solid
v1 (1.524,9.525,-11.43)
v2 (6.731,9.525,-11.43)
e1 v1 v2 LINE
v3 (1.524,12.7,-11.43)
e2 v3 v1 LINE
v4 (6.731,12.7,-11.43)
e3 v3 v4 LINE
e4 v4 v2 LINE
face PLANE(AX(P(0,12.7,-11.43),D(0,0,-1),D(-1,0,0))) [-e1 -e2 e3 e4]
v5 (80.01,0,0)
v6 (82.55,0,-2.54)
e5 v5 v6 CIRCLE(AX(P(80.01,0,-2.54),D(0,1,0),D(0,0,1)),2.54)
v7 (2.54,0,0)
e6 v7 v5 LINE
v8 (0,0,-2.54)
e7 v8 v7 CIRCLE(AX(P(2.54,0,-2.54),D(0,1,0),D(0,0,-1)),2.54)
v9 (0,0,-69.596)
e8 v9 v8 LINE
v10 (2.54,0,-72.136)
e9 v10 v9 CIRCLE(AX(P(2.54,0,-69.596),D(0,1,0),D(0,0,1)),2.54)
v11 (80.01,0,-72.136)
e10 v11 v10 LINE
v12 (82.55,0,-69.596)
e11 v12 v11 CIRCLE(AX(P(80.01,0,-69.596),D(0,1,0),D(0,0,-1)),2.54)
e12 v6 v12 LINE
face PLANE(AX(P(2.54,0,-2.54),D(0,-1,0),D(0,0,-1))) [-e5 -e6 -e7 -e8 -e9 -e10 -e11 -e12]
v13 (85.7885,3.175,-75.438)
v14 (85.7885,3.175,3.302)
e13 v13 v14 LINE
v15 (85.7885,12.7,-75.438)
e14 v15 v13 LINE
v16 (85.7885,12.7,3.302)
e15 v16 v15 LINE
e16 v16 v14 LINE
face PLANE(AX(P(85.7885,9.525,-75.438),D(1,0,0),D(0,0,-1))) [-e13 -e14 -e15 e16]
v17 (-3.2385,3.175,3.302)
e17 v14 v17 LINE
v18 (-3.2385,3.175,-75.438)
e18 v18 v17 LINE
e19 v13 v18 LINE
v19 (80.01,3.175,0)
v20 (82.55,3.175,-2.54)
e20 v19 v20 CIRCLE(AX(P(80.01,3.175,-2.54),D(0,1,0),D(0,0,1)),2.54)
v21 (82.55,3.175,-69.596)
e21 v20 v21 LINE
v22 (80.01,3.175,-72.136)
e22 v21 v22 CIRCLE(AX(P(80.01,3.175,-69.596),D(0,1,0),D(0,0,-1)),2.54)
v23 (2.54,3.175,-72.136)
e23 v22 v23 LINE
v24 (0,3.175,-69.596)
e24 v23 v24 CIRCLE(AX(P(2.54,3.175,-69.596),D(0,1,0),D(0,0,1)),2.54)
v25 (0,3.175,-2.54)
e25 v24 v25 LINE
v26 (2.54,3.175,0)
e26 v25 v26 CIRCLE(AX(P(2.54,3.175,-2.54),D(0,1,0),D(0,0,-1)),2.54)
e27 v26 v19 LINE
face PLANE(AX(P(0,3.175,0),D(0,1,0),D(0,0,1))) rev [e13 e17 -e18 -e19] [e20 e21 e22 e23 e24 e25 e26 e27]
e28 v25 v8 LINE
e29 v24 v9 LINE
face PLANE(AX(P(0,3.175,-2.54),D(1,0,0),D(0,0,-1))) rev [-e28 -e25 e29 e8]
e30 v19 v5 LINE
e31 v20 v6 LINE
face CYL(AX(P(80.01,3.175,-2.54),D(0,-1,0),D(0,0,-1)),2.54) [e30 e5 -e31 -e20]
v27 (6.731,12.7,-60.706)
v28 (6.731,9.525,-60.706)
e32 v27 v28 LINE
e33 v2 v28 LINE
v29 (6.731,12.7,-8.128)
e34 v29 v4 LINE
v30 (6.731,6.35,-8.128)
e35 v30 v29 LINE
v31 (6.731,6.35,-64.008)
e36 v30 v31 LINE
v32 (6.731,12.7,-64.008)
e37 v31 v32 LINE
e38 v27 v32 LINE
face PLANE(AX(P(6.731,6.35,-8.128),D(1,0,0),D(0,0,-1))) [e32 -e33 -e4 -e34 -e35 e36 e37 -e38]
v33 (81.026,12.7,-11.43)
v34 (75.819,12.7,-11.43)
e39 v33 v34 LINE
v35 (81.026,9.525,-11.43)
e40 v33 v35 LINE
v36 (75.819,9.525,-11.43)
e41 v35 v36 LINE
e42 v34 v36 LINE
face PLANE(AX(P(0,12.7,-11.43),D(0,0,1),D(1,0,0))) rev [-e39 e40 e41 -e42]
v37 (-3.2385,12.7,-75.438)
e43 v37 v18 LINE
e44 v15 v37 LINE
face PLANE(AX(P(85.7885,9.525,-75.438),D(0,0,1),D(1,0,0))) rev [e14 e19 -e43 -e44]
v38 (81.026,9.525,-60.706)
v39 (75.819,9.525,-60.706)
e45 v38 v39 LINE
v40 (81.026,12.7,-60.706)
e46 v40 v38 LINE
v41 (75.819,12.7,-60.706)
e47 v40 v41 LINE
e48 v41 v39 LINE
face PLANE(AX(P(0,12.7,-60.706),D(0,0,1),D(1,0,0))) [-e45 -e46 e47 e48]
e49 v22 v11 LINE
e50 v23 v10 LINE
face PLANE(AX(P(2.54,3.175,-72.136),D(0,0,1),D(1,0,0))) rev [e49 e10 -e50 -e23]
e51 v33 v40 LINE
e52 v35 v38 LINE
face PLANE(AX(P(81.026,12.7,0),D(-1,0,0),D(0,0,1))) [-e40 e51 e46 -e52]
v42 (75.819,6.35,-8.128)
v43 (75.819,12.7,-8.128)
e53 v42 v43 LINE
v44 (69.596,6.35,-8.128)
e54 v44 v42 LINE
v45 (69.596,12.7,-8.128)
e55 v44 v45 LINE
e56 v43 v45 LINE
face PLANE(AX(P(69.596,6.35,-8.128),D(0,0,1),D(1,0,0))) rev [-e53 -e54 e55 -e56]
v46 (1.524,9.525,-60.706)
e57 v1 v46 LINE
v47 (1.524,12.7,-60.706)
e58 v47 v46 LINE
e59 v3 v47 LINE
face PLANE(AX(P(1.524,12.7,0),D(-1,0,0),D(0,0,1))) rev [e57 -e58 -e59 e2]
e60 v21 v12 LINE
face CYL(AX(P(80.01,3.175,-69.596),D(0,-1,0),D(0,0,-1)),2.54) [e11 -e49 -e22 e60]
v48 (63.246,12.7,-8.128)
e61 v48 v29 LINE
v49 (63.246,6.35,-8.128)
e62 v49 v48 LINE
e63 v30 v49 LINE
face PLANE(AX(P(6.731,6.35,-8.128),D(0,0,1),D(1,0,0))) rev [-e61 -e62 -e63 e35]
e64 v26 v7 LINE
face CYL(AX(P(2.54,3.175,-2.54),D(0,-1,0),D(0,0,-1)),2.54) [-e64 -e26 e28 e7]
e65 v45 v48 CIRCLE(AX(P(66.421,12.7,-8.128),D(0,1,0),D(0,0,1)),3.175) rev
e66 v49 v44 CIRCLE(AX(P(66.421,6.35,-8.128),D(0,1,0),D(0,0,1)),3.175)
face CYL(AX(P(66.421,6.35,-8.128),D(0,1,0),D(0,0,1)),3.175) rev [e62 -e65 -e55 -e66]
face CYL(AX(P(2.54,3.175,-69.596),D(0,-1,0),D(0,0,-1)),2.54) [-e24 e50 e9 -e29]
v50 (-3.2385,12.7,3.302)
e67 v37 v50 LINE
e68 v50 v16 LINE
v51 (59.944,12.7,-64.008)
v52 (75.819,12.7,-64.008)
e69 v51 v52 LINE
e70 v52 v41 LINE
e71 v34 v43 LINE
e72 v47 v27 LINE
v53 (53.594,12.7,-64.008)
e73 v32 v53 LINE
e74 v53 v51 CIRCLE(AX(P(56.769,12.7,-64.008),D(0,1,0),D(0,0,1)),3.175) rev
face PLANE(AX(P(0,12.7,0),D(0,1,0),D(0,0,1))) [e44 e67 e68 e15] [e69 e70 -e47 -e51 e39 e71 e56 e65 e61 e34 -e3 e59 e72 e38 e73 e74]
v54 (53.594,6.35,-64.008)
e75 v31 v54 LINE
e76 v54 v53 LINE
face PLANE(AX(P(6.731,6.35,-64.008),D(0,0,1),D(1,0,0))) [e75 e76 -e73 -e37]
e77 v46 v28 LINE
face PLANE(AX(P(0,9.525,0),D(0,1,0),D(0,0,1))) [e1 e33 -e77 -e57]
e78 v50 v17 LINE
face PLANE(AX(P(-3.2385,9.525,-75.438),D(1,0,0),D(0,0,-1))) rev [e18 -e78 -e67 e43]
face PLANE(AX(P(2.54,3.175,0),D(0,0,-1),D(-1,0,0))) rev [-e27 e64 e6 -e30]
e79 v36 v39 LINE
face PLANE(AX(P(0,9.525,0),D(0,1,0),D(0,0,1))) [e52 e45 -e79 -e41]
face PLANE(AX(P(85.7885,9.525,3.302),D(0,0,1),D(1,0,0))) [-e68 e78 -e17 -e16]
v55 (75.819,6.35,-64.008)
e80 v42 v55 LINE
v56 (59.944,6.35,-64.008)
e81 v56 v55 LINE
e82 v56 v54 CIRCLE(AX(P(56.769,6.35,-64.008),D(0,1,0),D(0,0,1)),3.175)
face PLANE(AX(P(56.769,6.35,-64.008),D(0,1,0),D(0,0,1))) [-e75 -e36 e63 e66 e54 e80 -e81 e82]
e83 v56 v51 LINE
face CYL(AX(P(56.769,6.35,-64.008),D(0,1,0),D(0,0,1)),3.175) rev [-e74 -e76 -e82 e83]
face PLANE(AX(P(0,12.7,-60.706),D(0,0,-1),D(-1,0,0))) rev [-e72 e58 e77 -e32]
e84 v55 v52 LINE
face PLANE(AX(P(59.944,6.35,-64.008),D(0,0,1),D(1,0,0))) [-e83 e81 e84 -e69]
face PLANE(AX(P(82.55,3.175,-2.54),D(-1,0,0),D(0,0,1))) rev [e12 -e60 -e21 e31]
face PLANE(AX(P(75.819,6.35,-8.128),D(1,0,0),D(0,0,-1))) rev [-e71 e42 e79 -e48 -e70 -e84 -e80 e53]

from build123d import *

# Parameters (mm, degrees)
BOSS_EXTRUDE1_DEPTH = 3.175
SKETCH2_W           = 89.027
SKETCH2_H           = 78.74
BOSS_EXTRUDE2_DEPTH = 6.35
CUT_EXTRUDE1_DEPTH  = 3.175
SKETCH4_W           = 89.027
SKETCH4_H           = 78.74
BOSS_EXTRUDE3_DEPTH = 3.175


with BuildPart() as part:
    # Sketch1 → Boss-Extrude1 (new body)
    with BuildSketch(Plane(origin=(0, 0, 0), x_dir=(1, 0, 0), z_dir=(0, 1, 0))):
        with BuildLine():
            Line((2.54, 0), (80.01, 0))
            ThreePointArc((80.01, 0), (81.806051224, 0.743948776), (82.55, 2.54))
            Line((82.55, 2.54), (82.55, 69.596))
            ThreePointArc((82.55, 69.596), (81.806051224, 71.392051224), (80.01, 72.136))
            Line((80.01, 72.136), (2.54, 72.136))
            ThreePointArc((2.54, 72.136), (0.743948776, 71.392051224), (0, 69.596))
            Line((0, 69.596), (0, 2.54))
            ThreePointArc((0, 2.54), (0.743948776, 0.743948776), (2.54, 0))
        make_face()
    extrude(amount=BOSS_EXTRUDE1_DEPTH)

    # Sketch2 → Boss-Extrude2 (add)
    with BuildSketch(Plane(origin=(0, 3.175, 0), x_dir=(1, 0, 0), z_dir=(0, 1, 0))):
        with Locations((41.275, 36.068)):
            Rectangle(SKETCH2_W, SKETCH2_H)
    extrude(amount=BOSS_EXTRUDE2_DEPTH)

    # Sketch3 → Cut-Extrude1 (cut)
    with BuildSketch(Plane(origin=(0, 9.525, 0), x_dir=(1, 0, 0), z_dir=(0, 1, 0))):
        with BuildLine():
            Line((6.731, 8.128), (63.246, 8.128))
            ThreePointArc((63.246, 8.128), (66.421, 4.953), (69.596, 8.128))
            Line((69.596, 8.128), (75.819, 8.128))
            Line((75.819, 8.128), (75.819, 64.008))
            Line((75.819, 64.008), (59.944, 64.008))
            ThreePointArc((59.944, 64.008), (56.769, 67.183), (53.594, 64.008))
            Line((53.594, 64.008), (6.731, 64.008))
            Line((6.731, 64.008), (6.731, 8.128))
        make_face()
    extrude(amount=-CUT_EXTRUDE1_DEPTH, mode=Mode.SUBTRACT)

    # Sketch4 → Boss-Extrude3 (add)
    with BuildSketch(Plane(origin=(0, 9.525, 0), x_dir=(1, 0, 0), z_dir=(0, 1, 0))):
        with Locations((41.275, 36.068)):
            Rectangle(SKETCH4_W, SKETCH4_H)
        with BuildLine():
            Line((6.731, 11.43), (1.524, 11.43))
            Line((1.524, 11.43), (1.524, 60.706))
            Line((1.524, 60.706), (6.731, 60.706))
            Line((6.731, 60.706), (6.731, 64.008))
            Line((6.731, 64.008), (53.594, 64.008))
            ThreePointArc((53.594, 64.008), (56.769, 67.183), (59.944, 64.008))
            Line((59.944, 64.008), (75.819, 64.008))
            Line((75.819, 64.008), (75.819, 60.706))
            Line((75.819, 60.706), (81.026, 60.706))
            Line((81.026, 60.706), (81.026, 11.43))
            Line((81.026, 11.43), (75.819, 11.43))
            Line((75.819, 11.43), (75.819, 8.128))
            Line((75.819, 8.128), (69.596, 8.128))
            ThreePointArc((69.596, 8.128), (66.421, 4.953), (63.246, 8.128))
            Line((63.246, 8.128), (6.731, 8.128))
            Line((6.731, 8.128), (6.731, 11.43))
        make_face(mode=Mode.SUBTRACT)
    extrude(amount=BOSS_EXTRUDE3_DEPTH)


solid = part.part
